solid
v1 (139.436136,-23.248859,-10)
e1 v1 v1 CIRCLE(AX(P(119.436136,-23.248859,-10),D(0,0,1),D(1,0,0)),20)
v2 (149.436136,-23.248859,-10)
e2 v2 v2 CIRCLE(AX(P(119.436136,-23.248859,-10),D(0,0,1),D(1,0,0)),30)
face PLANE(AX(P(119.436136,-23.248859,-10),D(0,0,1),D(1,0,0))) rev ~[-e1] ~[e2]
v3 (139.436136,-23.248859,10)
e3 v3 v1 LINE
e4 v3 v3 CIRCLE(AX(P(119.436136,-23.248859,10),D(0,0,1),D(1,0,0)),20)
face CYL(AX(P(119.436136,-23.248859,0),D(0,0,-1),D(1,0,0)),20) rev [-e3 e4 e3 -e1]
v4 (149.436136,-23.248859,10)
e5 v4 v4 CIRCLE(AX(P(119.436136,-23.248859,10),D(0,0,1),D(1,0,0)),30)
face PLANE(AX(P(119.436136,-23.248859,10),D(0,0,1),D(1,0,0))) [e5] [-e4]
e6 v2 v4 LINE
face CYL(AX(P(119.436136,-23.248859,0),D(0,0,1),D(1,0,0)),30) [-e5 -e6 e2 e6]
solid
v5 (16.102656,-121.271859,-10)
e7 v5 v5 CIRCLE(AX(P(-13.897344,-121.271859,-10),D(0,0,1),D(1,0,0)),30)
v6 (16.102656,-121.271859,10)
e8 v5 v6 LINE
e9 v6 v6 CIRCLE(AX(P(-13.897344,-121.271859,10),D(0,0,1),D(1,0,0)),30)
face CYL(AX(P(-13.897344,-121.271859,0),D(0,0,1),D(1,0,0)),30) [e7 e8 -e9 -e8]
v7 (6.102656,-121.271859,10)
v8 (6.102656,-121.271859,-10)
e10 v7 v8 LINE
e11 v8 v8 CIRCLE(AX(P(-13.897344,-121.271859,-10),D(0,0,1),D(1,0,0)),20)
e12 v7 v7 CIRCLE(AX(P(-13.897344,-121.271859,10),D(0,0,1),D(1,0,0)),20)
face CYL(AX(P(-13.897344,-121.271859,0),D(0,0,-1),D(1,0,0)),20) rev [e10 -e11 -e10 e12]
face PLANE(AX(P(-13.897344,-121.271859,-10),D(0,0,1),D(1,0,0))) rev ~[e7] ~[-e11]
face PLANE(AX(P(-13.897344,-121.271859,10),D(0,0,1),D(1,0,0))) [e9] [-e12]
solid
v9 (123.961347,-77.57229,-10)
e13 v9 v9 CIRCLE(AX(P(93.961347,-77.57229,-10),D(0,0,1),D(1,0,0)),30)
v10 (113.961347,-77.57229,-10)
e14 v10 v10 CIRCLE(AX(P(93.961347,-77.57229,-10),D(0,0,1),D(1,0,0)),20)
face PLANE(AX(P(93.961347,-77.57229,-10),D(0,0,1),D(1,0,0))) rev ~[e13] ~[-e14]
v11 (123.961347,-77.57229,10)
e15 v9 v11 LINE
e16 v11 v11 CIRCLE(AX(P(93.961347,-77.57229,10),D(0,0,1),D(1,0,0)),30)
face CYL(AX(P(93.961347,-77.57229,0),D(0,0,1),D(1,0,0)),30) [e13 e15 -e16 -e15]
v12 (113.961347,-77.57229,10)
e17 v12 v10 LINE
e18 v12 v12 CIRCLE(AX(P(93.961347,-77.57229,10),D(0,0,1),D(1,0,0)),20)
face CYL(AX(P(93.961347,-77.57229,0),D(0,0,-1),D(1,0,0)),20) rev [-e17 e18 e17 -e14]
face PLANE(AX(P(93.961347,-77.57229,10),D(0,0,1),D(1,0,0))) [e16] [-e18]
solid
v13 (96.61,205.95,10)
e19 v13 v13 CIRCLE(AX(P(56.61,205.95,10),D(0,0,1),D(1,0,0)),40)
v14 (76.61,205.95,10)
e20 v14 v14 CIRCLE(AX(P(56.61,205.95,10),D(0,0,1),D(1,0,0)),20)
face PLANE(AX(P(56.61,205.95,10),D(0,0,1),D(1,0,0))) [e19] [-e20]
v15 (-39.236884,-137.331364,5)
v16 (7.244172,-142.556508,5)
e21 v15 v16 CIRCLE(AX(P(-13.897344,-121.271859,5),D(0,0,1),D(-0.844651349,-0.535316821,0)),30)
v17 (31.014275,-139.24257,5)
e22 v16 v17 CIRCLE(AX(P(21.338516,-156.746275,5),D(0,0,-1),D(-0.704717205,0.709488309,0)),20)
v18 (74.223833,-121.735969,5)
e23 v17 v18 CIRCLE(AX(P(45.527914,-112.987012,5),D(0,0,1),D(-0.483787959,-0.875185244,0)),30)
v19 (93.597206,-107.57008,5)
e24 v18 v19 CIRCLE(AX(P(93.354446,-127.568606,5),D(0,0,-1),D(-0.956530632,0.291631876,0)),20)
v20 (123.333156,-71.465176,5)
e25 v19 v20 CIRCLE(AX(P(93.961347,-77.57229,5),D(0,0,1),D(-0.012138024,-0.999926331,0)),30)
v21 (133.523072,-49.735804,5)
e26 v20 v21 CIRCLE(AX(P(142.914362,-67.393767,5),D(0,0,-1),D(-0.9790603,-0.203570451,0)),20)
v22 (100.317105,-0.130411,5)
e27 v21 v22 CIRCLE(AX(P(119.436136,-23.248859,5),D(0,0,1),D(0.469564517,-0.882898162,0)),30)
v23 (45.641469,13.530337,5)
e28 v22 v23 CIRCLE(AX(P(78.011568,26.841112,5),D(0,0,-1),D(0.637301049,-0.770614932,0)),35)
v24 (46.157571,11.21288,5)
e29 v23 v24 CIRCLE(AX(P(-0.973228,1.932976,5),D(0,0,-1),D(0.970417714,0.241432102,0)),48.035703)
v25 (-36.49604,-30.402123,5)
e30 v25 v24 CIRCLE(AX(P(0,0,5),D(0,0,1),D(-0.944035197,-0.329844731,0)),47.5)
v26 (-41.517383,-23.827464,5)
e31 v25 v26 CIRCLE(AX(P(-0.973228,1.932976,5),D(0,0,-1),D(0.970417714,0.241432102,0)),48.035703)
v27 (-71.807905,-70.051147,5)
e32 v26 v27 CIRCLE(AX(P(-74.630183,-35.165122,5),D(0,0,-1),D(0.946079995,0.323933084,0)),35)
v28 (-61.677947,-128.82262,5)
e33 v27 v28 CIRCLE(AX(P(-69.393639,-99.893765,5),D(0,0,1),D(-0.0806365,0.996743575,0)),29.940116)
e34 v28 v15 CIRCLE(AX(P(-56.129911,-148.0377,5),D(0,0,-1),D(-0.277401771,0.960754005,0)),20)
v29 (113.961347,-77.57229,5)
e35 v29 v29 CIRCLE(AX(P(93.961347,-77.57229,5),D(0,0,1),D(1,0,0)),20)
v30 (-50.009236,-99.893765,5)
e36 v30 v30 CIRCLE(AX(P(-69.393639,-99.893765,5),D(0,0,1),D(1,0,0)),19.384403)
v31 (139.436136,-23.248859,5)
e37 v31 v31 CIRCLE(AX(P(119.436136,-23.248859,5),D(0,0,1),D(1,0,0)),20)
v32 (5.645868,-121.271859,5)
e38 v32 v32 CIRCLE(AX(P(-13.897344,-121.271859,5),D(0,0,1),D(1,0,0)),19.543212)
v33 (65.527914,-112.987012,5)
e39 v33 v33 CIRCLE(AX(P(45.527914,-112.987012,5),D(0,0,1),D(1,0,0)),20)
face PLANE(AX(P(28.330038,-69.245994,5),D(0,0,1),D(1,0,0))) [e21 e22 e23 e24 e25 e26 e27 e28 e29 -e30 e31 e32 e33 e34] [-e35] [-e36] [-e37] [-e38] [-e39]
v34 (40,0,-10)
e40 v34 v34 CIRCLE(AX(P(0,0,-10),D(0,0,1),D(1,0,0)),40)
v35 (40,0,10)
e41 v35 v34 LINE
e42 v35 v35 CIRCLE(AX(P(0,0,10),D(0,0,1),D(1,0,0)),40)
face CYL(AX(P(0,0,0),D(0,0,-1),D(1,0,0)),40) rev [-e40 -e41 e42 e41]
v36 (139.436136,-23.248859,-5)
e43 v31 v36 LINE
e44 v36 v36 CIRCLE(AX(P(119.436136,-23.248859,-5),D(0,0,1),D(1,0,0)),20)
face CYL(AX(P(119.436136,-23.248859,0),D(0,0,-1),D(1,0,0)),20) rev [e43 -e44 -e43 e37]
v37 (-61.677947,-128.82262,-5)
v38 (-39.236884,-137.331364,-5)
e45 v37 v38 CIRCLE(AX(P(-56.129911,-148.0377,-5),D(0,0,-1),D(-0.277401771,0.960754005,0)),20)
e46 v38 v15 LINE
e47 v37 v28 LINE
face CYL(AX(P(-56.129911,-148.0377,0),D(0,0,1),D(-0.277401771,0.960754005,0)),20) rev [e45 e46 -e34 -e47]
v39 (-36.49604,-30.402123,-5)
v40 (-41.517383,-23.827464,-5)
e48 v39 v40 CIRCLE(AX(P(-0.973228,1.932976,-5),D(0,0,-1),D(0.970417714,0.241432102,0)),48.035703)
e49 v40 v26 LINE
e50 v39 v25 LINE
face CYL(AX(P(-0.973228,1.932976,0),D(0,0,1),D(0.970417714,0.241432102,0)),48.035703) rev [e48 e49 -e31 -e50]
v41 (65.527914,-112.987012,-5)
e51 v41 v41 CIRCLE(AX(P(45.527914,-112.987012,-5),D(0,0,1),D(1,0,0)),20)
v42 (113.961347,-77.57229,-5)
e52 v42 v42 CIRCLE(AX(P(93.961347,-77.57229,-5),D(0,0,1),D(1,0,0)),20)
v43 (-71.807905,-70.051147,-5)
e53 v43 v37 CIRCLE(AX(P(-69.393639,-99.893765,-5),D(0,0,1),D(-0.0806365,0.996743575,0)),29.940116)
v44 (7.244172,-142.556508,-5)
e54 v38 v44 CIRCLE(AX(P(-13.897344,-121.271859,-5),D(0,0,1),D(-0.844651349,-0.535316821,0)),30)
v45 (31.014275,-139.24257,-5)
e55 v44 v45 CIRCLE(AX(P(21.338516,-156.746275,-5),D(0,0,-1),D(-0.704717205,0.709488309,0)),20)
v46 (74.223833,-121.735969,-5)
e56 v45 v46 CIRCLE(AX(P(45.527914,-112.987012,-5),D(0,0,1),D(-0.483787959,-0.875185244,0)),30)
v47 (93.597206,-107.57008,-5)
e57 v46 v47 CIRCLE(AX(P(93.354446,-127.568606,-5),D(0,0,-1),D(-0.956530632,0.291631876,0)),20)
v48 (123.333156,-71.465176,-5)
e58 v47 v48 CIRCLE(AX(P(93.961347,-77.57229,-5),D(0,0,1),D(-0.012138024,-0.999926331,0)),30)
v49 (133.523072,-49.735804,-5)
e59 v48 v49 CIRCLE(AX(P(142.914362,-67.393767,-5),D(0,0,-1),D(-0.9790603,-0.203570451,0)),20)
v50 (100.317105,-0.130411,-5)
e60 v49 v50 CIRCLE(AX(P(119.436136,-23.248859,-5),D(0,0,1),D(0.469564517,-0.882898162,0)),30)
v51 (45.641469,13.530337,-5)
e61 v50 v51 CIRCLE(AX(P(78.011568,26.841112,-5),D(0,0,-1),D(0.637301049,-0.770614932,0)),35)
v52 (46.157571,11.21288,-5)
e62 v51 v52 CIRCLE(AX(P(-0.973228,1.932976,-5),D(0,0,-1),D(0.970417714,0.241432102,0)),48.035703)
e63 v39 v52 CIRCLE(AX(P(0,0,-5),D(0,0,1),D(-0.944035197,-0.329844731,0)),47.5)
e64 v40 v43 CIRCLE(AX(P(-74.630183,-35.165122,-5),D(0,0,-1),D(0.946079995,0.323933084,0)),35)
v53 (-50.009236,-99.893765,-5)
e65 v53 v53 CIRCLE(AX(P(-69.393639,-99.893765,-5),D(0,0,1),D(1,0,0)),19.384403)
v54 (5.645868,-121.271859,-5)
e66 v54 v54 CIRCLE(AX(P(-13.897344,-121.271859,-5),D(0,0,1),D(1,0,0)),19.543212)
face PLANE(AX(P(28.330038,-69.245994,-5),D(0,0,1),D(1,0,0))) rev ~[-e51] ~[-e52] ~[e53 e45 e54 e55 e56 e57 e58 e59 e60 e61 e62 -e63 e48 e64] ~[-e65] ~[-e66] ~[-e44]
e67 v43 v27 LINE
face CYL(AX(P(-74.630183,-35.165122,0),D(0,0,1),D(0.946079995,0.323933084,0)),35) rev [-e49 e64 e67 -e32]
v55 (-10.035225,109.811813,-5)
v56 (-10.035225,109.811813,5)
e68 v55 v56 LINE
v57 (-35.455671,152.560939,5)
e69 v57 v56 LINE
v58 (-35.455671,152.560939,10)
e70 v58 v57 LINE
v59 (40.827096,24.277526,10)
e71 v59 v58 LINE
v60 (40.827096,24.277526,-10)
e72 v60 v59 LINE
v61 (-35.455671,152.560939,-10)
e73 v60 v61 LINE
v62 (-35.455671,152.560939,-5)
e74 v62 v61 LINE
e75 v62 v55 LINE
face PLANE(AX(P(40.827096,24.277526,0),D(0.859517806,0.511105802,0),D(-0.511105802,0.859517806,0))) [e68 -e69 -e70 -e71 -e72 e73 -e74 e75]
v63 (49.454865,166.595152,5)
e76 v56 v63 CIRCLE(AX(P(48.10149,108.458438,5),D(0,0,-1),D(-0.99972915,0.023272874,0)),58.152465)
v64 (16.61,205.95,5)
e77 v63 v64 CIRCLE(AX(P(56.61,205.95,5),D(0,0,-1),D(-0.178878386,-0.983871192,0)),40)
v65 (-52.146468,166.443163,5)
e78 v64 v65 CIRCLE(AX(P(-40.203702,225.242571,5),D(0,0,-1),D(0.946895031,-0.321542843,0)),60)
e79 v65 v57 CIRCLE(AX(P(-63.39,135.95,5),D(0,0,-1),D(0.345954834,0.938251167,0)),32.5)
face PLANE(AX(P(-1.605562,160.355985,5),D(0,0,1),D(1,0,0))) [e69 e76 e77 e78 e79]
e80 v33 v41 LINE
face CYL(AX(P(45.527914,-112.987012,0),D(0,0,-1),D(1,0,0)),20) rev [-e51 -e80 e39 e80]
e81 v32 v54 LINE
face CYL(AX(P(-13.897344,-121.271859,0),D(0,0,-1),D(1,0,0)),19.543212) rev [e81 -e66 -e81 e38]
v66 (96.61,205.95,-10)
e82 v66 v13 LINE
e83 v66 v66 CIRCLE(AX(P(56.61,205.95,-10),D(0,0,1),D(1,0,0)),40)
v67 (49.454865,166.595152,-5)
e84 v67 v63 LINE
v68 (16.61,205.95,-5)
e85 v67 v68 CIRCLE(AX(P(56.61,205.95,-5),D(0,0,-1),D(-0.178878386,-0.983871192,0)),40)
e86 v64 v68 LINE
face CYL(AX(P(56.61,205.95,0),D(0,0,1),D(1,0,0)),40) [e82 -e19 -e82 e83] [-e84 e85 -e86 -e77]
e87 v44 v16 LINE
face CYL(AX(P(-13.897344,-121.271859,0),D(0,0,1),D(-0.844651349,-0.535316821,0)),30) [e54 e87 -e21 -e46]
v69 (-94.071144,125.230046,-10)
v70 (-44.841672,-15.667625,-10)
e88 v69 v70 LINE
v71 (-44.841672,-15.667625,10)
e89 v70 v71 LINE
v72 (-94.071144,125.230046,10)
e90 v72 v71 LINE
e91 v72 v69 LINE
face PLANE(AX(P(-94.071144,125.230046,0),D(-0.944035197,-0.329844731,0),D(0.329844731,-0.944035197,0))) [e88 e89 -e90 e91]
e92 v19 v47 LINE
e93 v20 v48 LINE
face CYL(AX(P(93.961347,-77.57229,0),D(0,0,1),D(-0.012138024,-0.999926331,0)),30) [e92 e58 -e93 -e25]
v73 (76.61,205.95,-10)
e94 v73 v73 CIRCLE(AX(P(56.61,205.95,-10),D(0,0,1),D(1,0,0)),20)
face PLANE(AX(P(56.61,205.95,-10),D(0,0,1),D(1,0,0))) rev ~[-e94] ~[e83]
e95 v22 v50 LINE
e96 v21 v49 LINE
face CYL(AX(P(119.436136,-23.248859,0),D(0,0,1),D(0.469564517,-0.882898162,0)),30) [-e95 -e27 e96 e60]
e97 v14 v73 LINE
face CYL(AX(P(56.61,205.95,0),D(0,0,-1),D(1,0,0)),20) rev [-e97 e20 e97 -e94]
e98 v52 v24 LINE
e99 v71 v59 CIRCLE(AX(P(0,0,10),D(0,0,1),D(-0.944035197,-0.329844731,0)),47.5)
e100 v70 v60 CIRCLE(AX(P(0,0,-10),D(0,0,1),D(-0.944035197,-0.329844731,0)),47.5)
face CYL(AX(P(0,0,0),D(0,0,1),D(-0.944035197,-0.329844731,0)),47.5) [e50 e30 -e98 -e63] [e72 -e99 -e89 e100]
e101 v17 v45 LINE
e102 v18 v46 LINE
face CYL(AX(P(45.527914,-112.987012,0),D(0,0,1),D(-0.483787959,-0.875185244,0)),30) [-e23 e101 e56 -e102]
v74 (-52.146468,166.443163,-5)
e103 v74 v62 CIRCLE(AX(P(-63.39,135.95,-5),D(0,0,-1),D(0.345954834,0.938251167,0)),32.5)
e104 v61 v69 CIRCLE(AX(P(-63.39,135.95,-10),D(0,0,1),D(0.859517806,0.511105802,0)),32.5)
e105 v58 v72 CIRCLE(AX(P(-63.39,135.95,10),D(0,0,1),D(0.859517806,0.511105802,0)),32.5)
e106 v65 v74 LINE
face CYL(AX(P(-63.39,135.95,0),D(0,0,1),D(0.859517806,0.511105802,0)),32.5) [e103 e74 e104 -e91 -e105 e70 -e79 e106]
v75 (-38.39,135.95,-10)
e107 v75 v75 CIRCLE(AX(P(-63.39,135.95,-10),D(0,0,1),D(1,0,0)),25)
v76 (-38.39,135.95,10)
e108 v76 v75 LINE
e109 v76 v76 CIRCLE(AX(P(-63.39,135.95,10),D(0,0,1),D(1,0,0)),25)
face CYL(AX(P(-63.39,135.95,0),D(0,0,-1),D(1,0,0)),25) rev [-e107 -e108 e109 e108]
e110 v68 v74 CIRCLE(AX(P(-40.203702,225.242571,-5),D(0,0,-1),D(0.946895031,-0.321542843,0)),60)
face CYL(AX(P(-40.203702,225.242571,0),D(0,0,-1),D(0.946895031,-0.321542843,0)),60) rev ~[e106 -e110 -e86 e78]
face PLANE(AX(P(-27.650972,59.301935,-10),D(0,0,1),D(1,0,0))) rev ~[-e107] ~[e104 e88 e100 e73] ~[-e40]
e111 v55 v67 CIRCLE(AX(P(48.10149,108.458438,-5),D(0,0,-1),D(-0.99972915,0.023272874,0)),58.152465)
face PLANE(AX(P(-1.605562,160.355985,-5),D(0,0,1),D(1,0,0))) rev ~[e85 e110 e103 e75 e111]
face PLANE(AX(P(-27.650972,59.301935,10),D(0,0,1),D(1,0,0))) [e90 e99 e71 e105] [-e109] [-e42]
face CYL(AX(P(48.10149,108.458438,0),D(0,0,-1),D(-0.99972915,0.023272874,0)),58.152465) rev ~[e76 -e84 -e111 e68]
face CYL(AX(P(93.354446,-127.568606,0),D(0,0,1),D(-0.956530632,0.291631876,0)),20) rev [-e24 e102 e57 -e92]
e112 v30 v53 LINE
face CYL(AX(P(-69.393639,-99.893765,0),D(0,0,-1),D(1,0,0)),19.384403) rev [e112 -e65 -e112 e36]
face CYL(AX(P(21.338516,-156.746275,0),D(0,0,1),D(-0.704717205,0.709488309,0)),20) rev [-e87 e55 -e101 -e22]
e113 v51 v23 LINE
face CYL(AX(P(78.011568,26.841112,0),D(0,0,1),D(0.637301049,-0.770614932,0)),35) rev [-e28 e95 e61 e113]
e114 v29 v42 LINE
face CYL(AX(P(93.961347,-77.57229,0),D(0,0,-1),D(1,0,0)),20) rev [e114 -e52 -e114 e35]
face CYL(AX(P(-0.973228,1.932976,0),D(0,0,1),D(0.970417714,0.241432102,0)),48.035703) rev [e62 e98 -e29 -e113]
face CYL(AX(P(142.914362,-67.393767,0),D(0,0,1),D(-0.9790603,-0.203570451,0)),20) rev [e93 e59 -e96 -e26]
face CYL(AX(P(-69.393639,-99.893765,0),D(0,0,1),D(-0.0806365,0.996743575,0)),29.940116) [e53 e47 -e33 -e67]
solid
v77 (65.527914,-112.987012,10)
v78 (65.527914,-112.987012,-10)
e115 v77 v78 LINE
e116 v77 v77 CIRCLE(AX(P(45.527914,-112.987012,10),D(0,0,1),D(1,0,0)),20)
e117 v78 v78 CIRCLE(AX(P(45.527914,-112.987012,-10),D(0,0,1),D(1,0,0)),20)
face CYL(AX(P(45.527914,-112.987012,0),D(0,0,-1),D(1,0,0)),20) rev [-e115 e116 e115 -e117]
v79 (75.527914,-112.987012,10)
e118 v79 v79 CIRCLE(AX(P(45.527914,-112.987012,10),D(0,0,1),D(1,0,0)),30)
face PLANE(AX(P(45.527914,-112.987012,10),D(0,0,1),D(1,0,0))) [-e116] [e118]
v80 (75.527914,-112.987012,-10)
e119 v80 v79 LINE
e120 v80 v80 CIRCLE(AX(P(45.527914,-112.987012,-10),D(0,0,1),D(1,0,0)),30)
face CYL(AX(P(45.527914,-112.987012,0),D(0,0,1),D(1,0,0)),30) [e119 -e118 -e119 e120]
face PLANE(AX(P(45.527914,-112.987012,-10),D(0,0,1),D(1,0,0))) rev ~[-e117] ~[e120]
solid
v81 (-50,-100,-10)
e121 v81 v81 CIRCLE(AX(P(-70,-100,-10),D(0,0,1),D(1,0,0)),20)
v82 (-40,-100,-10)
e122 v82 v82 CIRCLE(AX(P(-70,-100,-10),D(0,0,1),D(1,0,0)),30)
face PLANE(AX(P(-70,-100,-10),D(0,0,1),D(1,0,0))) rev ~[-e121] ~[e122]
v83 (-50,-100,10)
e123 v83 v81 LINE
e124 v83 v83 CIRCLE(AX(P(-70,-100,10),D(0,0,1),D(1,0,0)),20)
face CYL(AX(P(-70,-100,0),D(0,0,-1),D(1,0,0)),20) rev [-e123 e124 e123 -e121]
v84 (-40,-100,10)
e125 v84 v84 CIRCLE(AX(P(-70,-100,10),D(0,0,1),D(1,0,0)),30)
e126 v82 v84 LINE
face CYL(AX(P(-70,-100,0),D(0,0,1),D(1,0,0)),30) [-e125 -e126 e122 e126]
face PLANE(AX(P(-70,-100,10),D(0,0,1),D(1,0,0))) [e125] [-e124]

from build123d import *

# Parameters (mm, degrees)
SKETCH1_R             = 25
SKETCH1_R_2           = 40
BOSS_EXTRUDE1_DEPTH   = 10
SKETCH2_R             = 40
SKETCH2_R_2           = 20
BOSS_EXTRUDE2_DEPTH   = 10
SKETCH2_R_3           = 30
BOSS_EXTRUDE2_2_DEPTH = 10
BOSS_EXTRUDE2_3_DEPTH = 10
BOSS_EXTRUDE2_4_DEPTH = 10
BOSS_EXTRUDE2_5_DEPTH = 10
BOSS_EXTRUDE2_6_DEPTH = 10
SKETCH3_R             = 19.3844034
SKETCH3_R_2           = 19.543211722
SKETCH3_R_3           = 20
BOSS_EXTRUDE3_DEPTH   = 5


with BuildPart() as part:
    # Sketch1 → Boss-Extrude1 (new body, symmetric)
    with BuildSketch(Plane.XY):
        with BuildLine():
            Line((-94.071143909, 125.230046249), (-44.841671867, -15.667624713))
            ThreePointArc((-44.841671867, -15.667624713), (20.073190162, -43.050168835), (40.827095802, 24.277525582))
            Line((40.827095802, 24.277525582), (-35.455671293, 152.560938556))
            ThreePointArc((-35.455671293, 152.560938556), (-77.124288005, 165.405378677), (-94.071143909, 125.230046249))
        make_face()
        with Locations((-63.39, 135.95)):
            Circle(SKETCH1_R, mode=Mode.SUBTRACT)
        Circle(SKETCH1_R_2, mode=Mode.SUBTRACT)
    extrude(amount=BOSS_EXTRUDE1_DEPTH, both=True)



with BuildPart() as body_2:
    # Sketch2 → Boss-Extrude2 (new body, symmetric)
    with BuildSketch(Plane.XY):
        with Locations((56.61, 205.95)):
            Circle(SKETCH2_R)
        with Locations((56.61, 205.95)):
            Circle(SKETCH2_R_2, mode=Mode.SUBTRACT)
    extrude(amount=BOSS_EXTRUDE2_DEPTH, both=True)


with BuildPart() as body_3:
    # Sketch2 → Boss-Extrude2 2 (new body, symmetric)
    with BuildSketch(Plane.XY):
        with Locations((119.436136102, -23.248858997)):
            Circle(SKETCH2_R_3)
        with Locations((119.436136102, -23.248858997)):
            Circle(SKETCH2_R_2, mode=Mode.SUBTRACT)
    extrude(amount=BOSS_EXTRUDE2_2_DEPTH, both=True)


with BuildPart() as body_4:
    # Sketch2 → Boss-Extrude2 3 (new body, symmetric)
    with BuildSketch(Plane.XY):
        with Locations((93.96134696, -77.572289653)):
            Circle(SKETCH2_R_3)
        with Locations((93.96134696, -77.572289653)):
            Circle(SKETCH2_R_2, mode=Mode.SUBTRACT)
    extrude(amount=BOSS_EXTRUDE2_3_DEPTH, both=True)


with BuildPart() as body_5:
    # Sketch2 → Boss-Extrude2 4 (new body, symmetric)
    with BuildSketch(Plane.XY):
        with Locations((45.527914191, -112.987012442)):
            Circle(SKETCH2_R_3)
        with Locations((45.527914191, -112.987012442)):
            Circle(SKETCH2_R_2, mode=Mode.SUBTRACT)
    extrude(amount=BOSS_EXTRUDE2_4_DEPTH, both=True)


with BuildPart() as body_6:
    # Sketch2 → Boss-Extrude2 5 (new body, symmetric)
    with BuildSketch(Plane.XY):
        with Locations((-13.897344029, -121.27185918)):
            Circle(SKETCH2_R_3)
        with Locations((-13.897344029, -121.27185918)):
            Circle(SKETCH2_R_2, mode=Mode.SUBTRACT)
    extrude(amount=BOSS_EXTRUDE2_5_DEPTH, both=True)


with BuildPart() as body_7:
    # Sketch2 → Boss-Extrude2 6 (new body, symmetric)
    with BuildSketch(Plane.XY):
        with Locations((-70, -100)):
            Circle(SKETCH2_R_3)
        with Locations((-70, -100)):
            Circle(SKETCH2_R_2, mode=Mode.SUBTRACT)
    extrude(amount=BOSS_EXTRUDE2_6_DEPTH, both=True)


with BuildPart() as part_1:
    add(part.part)

    add(body_2.part)  # Boss-Extrude3 merges body 2
    # Sketch3 → Boss-Extrude3 (add, symmetric)
    with BuildSketch(Plane.XY):
        with BuildLine():
            Line((-35.455671293, 152.560938556), (-10.035224998, 109.811812714))
            ThreePointArc((-10.035224998, 109.811812714), (7.949605082, 150.52428347), (49.454864541, 166.595152312))
            ThreePointArc((49.454864541, 166.595152312), (25.900022644, 180.319992376), (16.61, 205.95))
            ThreePointArc((16.61, 205.95), (-10.311432558, 173.218996741), (-52.146467894, 166.443162935))
            ThreePointArc((-52.146467894, 166.443162935), (-42.607670177, 160.936891906), (-35.455671293, 152.560938556))
        make_face()
        with BuildLine():
            ThreePointArc((100.317104635, -0.130411044), (69.52759131, -7.115068147), (45.641469433, 13.530336844))
            ThreePointArc((45.641469433, 13.530336844), (17.950677407, -42.218066937), (-41.517383039, -23.827464064))
            ThreePointArc((-41.517383039, -23.827464064), (-45.355797063, -54.34871747), (-71.807905384, -70.051147126))
            ThreePointArc((-71.807905384, -70.051147126), (-98.898686089, -104.97930919), (-61.677946881, -128.822620142))
            ThreePointArc((-61.677946881, -128.822620142), (-49.039291741, -129.336814914), (-39.236884492, -137.331363814))
            ThreePointArc((-39.236884492, -137.331363814), (-17.248670052, -151.084081738), (7.244172132, -142.556508447))
            ThreePointArc((7.244172132, -142.556508447), (18.576900661, -136.937855218), (31.01427542, -139.242569752))
            ThreePointArc((31.01427542, -139.242569752), (56.793105611, -140.791606708), (74.223833138, -121.735968713))
            ThreePointArc((74.223833138, -121.735968713), (81.549538172, -111.424128637), (93.597206245, -107.570079597))
            ThreePointArc((93.597206245, -107.570079597), (117.118467222, -96.644462607), (123.333155965, -71.465176113))
            ThreePointArc((123.333155965, -71.465176113), (124.80655175, -58.902170706), (133.523071621, -49.735803851))
            ThreePointArc((133.523071621, -49.735803851), (144.36612299, -6.560666953), (100.317104635, -0.130411044))
        make_face()
        with Locations((-69.393639231, -99.893765389)):
            Circle(SKETCH3_R, mode=Mode.SUBTRACT)
        with Locations((-13.897344029, -121.27185918)):
            Circle(SKETCH3_R_2, mode=Mode.SUBTRACT)
        with Locations((45.527914191, -112.987012442)):
            Circle(SKETCH3_R_3, mode=Mode.SUBTRACT)
        with Locations((93.96134696, -77.572289653)):
            Circle(SKETCH3_R_3, mode=Mode.SUBTRACT)
        with Locations((119.436136102, -23.248858997)):
            Circle(SKETCH3_R_3, mode=Mode.SUBTRACT)
    extrude(amount=BOSS_EXTRUDE3_DEPTH, both=True)


solid = Compound([body_3.part, body_4.part, body_5.part, body_6.part, body_7.part, part_1.part])
